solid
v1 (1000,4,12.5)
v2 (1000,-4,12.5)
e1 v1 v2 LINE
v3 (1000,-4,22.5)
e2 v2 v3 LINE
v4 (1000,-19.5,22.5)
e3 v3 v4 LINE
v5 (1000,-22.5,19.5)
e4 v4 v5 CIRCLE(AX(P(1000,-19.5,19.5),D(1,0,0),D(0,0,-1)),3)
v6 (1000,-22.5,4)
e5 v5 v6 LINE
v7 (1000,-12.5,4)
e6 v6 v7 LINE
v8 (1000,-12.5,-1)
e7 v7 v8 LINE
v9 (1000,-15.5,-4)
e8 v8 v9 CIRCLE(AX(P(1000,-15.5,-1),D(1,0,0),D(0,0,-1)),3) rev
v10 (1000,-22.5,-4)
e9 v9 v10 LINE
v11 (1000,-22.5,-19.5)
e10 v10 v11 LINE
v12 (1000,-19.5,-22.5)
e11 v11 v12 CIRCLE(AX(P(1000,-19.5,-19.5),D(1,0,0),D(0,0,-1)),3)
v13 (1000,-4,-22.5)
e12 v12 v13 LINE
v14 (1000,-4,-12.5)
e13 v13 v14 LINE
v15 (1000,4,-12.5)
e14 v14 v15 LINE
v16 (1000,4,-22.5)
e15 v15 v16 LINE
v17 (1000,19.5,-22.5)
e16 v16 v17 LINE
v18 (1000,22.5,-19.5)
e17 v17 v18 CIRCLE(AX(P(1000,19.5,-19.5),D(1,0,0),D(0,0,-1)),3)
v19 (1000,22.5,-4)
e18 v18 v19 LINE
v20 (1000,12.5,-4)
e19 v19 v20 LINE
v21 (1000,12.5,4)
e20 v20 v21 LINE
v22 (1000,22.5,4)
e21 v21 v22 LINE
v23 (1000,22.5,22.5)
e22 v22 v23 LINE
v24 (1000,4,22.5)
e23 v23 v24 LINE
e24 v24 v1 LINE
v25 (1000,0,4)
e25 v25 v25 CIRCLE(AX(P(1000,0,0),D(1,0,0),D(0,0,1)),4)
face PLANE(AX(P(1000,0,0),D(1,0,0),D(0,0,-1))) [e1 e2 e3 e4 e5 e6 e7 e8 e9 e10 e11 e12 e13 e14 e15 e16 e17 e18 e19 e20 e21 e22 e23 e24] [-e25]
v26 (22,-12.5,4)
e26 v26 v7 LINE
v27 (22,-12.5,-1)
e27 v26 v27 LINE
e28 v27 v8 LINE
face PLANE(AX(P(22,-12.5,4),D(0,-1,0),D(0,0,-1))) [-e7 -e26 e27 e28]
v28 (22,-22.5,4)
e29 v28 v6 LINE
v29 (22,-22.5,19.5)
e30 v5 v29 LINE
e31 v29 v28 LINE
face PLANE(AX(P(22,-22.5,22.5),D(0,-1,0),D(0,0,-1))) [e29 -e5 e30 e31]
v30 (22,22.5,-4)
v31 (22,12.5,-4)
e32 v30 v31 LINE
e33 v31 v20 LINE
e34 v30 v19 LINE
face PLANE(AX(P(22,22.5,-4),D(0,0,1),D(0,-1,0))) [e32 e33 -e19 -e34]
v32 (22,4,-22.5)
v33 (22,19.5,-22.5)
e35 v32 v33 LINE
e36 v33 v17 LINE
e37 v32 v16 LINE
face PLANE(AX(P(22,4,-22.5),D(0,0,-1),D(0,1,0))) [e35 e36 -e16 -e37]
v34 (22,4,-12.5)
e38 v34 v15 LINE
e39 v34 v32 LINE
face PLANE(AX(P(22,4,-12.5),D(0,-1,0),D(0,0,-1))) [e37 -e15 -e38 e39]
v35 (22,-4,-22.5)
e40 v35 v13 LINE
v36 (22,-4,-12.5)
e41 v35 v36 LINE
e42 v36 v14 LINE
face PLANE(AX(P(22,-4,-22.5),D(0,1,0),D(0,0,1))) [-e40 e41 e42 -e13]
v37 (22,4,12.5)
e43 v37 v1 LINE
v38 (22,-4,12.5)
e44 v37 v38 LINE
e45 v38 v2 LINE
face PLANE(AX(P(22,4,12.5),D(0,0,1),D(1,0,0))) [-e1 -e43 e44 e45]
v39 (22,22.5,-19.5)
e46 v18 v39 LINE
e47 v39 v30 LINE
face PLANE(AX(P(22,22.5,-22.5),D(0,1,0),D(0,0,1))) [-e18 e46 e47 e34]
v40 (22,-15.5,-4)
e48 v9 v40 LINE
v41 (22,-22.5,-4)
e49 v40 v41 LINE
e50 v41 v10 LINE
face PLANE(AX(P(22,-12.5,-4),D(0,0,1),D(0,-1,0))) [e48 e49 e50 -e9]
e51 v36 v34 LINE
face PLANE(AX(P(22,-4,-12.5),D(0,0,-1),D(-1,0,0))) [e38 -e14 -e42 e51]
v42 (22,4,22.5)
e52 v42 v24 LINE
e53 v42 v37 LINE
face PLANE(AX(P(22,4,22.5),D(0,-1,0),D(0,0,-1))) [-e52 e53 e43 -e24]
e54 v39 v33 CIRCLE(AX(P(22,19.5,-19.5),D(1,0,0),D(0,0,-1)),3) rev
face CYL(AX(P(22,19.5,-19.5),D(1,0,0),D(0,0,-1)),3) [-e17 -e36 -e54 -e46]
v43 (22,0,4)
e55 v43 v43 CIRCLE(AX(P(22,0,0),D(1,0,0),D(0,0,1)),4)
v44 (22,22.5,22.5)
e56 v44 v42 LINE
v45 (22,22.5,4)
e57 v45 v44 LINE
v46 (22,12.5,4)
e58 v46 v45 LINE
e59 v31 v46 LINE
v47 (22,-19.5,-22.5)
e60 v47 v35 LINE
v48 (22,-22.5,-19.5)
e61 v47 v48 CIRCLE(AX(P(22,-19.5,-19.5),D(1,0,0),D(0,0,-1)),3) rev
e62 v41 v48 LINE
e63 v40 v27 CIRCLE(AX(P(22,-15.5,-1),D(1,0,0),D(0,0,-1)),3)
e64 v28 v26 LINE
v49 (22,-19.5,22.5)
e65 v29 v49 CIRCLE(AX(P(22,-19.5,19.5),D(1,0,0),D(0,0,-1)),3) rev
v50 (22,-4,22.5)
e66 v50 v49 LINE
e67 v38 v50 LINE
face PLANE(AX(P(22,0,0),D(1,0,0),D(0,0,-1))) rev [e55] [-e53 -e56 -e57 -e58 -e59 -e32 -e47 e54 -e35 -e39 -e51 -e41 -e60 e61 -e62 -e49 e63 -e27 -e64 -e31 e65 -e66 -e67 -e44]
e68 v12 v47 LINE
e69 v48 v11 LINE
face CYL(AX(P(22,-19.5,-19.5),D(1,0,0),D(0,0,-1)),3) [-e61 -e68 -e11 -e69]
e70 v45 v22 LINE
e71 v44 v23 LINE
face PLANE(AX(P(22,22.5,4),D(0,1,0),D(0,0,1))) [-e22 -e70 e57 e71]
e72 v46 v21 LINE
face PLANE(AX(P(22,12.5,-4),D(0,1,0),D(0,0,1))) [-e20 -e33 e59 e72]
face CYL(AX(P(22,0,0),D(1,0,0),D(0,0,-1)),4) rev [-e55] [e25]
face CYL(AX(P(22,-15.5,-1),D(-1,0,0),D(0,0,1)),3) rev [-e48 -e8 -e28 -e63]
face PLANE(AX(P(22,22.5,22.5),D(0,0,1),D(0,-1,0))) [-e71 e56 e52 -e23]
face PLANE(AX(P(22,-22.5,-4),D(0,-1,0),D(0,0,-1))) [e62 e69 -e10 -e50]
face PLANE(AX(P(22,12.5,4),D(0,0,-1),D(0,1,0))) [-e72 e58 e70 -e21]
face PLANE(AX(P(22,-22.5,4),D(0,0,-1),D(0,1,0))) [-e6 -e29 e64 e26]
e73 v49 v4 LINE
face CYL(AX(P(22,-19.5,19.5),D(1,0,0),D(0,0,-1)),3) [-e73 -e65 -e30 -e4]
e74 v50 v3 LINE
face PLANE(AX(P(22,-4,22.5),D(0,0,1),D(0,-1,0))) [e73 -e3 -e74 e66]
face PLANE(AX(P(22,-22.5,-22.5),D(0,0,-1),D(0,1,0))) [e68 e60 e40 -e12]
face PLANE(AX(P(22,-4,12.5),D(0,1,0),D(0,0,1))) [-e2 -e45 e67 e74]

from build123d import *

# Parameters (mm, degrees)
ESQUISSE1_R        = 4
BOSS_EXTRU_1_DEPTH = 978
CONG_1_R           = 3


with BuildPart() as part:
    # Esquisse1 → Boss.-Extru.1 (new body)
    with BuildSketch(Plane(origin=(1000, 0, 0), x_dir=(0, 0, -1), z_dir=(1, 0, 0))):
        Polygon((22.5, -4), (12.5, -4), (12.5, 4), (22.5, 4), (22.5, 22.5), (4, 22.5), (4, 12.5), (-4, 12.5), (-4, 22.5), (-22.5, 22.5), (-22.5, 4), (-12.5, 4), (-12.5, -4), (-22.5, -4), (-22.5, -22.5), (-4, -22.5), (-4, -12.5), (4, -12.5), (4, -22.5), (22.5, -22.5), align=None)
        Circle(ESQUISSE1_R, mode=Mode.SUBTRACT)
    extrude(amount=-BOSS_EXTRU_1_DEPTH)

    # Congé1
    cong_1_edges = [part.edges().sort_by_distance(p)[0] for p in [
        (511, -22.5, -22.5),
        (511, -12.5, -4),
        (511, -22.5, 22.5),
        (511, 22.5, -22.5),
    ]]
    fillet(cong_1_edges, radius=CONG_1_R)


solid = part.part
